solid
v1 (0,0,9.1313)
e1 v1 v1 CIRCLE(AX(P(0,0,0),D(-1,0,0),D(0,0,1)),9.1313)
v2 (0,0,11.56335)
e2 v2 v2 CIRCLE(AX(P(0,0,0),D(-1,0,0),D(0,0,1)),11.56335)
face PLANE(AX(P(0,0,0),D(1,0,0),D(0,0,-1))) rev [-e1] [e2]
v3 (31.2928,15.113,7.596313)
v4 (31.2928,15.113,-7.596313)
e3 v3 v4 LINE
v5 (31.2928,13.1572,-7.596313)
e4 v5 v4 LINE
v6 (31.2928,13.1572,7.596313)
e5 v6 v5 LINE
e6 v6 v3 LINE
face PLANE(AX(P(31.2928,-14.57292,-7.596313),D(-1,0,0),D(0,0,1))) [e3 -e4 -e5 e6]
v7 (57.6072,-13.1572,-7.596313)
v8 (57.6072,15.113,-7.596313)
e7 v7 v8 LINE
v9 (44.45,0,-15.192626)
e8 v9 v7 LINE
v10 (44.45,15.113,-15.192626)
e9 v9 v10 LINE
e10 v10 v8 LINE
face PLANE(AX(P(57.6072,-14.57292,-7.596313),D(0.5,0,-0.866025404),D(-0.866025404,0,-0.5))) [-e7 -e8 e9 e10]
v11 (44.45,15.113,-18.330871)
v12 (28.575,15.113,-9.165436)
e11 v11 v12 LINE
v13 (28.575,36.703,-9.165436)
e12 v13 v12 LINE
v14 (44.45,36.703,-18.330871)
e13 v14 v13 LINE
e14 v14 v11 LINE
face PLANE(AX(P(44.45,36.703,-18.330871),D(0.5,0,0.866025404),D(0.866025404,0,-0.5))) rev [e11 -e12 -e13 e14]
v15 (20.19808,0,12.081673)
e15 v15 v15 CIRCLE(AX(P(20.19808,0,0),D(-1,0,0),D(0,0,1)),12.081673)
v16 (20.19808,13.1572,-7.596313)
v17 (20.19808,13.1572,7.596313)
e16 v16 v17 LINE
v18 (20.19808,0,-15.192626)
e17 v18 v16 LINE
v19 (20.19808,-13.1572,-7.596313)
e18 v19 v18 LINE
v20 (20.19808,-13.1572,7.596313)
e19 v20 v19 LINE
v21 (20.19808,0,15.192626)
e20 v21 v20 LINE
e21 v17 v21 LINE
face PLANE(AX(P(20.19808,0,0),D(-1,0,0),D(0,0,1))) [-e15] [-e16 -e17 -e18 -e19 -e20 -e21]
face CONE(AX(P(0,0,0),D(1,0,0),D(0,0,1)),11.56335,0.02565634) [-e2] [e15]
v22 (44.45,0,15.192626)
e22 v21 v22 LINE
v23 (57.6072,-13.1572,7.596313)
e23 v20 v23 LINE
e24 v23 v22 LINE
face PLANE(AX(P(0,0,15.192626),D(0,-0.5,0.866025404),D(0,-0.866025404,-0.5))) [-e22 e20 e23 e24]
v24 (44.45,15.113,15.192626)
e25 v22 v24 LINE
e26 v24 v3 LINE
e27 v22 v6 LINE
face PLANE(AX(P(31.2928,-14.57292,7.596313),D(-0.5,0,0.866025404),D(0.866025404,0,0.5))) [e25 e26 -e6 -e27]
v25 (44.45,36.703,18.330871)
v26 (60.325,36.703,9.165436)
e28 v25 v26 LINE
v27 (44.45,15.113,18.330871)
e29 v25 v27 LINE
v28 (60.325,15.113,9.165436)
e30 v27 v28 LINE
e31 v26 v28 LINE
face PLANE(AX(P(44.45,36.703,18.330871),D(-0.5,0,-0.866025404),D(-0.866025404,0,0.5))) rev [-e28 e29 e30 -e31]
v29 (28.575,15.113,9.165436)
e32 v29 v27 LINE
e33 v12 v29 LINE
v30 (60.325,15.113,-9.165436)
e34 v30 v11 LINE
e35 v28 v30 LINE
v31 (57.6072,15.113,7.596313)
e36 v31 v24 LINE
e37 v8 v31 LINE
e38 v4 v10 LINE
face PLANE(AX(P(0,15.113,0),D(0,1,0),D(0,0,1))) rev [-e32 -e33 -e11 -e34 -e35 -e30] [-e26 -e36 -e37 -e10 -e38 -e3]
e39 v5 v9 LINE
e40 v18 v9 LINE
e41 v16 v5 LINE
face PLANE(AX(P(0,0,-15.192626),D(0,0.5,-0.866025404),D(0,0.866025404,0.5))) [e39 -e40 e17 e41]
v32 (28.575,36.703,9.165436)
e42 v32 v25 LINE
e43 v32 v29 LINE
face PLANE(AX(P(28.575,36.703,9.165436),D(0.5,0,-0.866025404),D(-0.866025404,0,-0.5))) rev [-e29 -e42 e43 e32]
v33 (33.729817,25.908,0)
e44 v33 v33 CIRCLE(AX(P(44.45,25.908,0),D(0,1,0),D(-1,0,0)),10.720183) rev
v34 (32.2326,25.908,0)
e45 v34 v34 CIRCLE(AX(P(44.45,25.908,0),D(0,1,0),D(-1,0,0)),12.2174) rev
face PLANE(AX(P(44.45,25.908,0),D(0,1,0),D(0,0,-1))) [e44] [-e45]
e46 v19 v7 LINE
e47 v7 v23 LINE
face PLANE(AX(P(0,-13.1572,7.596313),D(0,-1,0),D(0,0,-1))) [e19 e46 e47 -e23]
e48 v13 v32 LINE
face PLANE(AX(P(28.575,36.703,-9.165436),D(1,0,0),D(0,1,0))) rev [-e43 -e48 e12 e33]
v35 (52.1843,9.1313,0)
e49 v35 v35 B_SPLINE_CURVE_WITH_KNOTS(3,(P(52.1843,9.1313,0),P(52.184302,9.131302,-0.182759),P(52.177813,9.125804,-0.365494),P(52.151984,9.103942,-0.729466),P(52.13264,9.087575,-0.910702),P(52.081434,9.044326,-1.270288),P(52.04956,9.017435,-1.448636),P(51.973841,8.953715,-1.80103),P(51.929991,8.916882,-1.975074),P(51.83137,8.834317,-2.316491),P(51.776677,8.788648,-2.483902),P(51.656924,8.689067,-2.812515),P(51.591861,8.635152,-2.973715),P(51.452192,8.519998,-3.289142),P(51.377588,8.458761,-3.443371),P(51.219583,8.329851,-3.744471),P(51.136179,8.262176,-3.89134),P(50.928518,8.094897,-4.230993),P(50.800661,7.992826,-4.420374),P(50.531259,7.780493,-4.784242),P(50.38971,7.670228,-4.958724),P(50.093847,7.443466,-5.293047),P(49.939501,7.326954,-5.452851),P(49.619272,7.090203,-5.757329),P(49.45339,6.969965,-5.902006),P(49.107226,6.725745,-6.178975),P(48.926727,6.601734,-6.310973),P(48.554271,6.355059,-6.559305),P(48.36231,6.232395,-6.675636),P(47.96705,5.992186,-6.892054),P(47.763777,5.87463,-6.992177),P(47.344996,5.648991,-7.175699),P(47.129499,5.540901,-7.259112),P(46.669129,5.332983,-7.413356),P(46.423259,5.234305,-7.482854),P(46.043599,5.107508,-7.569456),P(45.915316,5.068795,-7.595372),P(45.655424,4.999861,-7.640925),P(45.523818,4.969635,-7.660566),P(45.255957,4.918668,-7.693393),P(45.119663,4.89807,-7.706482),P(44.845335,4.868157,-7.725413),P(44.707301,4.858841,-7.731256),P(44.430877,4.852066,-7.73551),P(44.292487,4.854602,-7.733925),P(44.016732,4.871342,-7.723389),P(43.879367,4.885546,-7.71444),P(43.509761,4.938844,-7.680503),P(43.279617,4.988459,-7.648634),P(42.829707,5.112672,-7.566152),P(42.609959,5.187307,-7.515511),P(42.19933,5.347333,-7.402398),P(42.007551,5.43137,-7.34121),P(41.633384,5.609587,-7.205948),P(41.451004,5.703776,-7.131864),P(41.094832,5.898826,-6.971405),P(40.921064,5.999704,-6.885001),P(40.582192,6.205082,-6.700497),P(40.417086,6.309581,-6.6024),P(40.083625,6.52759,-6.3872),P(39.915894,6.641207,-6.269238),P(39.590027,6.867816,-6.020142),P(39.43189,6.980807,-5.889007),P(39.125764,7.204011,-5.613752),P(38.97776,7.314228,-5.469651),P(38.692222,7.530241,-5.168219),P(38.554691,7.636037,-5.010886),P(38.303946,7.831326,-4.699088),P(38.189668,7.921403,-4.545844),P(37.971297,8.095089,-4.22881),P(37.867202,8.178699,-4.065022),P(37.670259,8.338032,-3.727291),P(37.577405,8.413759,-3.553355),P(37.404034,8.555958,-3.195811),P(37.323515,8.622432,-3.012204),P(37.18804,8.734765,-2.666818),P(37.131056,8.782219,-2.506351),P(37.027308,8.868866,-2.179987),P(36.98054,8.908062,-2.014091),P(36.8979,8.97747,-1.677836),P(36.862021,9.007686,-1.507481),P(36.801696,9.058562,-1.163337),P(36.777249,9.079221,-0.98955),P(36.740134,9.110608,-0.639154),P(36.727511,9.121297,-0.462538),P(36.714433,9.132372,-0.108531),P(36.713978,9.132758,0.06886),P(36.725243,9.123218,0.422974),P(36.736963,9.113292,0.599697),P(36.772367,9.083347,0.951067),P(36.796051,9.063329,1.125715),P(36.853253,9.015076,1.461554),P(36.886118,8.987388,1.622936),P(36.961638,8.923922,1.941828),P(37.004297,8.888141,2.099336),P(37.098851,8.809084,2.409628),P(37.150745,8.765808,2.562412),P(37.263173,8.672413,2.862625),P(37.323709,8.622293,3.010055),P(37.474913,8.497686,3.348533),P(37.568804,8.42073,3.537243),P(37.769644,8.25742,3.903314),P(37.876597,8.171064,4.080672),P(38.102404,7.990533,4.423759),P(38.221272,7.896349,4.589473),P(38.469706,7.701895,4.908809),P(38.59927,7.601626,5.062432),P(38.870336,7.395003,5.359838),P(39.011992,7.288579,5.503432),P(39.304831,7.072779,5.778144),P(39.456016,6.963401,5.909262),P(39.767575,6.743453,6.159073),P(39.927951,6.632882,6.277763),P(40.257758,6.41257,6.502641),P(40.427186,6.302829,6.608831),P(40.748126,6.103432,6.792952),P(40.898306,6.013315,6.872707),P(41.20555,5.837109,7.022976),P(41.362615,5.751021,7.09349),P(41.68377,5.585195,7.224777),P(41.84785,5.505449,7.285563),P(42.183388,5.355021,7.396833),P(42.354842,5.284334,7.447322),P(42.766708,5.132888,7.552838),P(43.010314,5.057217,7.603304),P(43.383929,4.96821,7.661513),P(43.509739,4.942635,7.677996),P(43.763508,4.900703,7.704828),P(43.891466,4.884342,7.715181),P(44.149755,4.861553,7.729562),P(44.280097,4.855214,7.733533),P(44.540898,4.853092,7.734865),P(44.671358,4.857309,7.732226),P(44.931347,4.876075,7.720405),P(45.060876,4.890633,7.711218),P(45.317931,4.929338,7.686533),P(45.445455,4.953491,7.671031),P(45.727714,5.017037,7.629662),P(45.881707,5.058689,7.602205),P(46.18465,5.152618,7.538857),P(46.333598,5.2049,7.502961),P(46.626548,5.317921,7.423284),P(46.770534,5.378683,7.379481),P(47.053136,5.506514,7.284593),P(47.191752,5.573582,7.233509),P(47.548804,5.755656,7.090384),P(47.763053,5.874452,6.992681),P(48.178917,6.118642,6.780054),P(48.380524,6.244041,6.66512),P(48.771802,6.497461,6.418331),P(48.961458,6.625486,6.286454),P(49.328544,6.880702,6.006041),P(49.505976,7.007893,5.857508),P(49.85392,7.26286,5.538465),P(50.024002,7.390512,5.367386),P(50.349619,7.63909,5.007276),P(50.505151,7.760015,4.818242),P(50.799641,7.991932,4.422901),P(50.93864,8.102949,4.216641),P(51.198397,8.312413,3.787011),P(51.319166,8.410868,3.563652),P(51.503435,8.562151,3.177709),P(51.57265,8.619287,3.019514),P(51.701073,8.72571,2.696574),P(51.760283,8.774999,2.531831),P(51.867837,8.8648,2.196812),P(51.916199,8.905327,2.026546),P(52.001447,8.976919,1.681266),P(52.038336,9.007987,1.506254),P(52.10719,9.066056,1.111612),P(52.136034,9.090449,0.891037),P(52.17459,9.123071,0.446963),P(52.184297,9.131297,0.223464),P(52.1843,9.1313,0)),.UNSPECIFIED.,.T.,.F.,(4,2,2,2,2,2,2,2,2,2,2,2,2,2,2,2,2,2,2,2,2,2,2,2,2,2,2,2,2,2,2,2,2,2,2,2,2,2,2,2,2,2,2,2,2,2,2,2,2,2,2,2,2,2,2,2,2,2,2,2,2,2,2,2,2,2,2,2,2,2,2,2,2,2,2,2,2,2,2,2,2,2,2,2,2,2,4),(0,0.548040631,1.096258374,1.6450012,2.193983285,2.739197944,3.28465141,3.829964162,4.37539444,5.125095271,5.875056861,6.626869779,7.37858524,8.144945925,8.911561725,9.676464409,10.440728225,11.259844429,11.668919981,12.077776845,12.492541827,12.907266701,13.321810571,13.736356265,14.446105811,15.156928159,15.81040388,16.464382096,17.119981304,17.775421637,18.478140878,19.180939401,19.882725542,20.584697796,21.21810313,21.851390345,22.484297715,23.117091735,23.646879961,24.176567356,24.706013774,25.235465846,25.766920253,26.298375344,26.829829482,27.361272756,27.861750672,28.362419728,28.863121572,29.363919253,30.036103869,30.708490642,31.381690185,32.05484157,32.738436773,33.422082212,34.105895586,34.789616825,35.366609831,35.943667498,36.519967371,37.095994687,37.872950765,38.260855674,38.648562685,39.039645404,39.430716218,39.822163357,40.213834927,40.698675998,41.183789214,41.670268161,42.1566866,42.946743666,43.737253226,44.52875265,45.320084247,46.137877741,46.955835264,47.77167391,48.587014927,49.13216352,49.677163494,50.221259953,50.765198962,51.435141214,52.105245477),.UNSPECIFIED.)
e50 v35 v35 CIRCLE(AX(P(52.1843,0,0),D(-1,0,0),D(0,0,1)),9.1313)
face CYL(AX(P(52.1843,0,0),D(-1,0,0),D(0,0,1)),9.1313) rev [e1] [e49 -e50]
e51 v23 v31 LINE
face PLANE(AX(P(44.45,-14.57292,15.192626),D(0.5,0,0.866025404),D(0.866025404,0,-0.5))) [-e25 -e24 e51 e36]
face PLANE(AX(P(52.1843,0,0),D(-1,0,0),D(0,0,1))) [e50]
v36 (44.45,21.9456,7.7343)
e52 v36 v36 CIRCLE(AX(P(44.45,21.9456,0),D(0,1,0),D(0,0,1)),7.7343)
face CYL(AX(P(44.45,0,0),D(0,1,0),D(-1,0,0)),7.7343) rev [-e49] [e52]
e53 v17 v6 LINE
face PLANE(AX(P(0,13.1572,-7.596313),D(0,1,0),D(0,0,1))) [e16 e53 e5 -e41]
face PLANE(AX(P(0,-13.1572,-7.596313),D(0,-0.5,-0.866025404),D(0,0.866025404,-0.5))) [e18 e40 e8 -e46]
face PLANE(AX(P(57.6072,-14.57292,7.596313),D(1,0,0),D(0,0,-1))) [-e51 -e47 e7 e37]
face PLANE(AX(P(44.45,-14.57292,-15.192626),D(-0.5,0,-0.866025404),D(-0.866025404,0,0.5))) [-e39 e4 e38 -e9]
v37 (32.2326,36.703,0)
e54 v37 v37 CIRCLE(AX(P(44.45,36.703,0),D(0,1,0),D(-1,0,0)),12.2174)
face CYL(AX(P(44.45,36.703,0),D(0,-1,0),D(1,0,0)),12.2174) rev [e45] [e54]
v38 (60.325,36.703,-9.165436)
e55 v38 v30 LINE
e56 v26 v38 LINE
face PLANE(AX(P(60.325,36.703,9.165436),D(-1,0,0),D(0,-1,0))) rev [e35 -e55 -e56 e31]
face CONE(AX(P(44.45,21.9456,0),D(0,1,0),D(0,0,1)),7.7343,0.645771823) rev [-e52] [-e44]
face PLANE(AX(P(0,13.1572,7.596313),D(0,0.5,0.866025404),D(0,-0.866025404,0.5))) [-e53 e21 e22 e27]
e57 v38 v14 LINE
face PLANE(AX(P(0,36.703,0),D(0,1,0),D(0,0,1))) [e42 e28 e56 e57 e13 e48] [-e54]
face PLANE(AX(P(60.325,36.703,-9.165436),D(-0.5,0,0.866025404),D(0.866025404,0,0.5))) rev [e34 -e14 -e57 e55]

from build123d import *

# Parameters (mm, degrees)
SKETCH3_R           = 9.1313
CUT_EXTRUDE1_DEPTH  = 52.1843
SKETCH4_R           = 7.7343
CUT_EXTRUDE2_DEPTH  = 25.908
CHAMFER1_SIZE       = 3.9624
CHAMFER1_SIZE2      = 2.985882568
SKETCH5_R           = 11.56335
CUT_EXTRUDE3_DEPTH  = 20.19808
CUT_EXTRUDE3_TAPER  = 1.47
SKETCH6_R           = 12.081672541
CUT_EXTRUDE4_DEPTH  = 20.19808
SKETCH7_R           = 12.2174
BOSS_EXTRUDE1_DEPTH = 10.795


with BuildPart() as part:
    # Sweep1: sweep along a path in Sketch1
    with BuildLine(Plane.XY) as sweep1_path:
        Line((0, 0), (44.45, 0))
        Line((44.45, 0), (44.45, 25.908))
    # Sketch2 → Sweep1 (sweep)
    with BuildSketch(Plane(origin=(0, 0, 0), x_dir=(0, 0, -1), z_dir=(1, 0, 0))):
        Polygon((7.596312962, 13.1572), (-7.596312962, 13.1572), (-15.192625924, 0), (-7.596312962, -13.1572), (7.596312962, -13.1572), (15.192625924, 0), align=None)
    sweep(path=sweep1_path.line, transition=Transition.RIGHT)

    # Sketch3 → Cut-Extrude1 (cut)
    with BuildSketch(Plane.ZY):
        Circle(SKETCH3_R)
    extrude(amount=-CUT_EXTRUDE1_DEPTH, mode=Mode.SUBTRACT)

    # Sketch4 → Cut-Extrude2 (cut)
    with BuildSketch(Plane(origin=(0, 25.908, 0), x_dir=(1, 0, 0), z_dir=(0, 1, 0))):
        with Locations((44.45, 0)):
            Circle(SKETCH4_R)
    extrude(amount=-CUT_EXTRUDE2_DEPTH, mode=Mode.SUBTRACT)

    # Chamfer1
    chamfer1_edges = [part.edges().sort_by_distance(p)[0] for p in [
        (36.7157, 25.908, 0),
    ]]
    chamfer1_side = [part.faces().sort_by_distance(p)[0] for p in [
        (36.7157, 15.380996251, 0),
    ]]
    chamfer(chamfer1_edges, length=CHAMFER1_SIZE, length2=CHAMFER1_SIZE2, reference=chamfer1_side[0])

    # Sketch5 → Cut-Extrude3 (cut)
    with BuildSketch(Plane.ZY):
        Polygon((-7.596312962, 13.1572), (-15.192625924, 0), (-7.596312962, -13.1572), (7.596312962, -13.1572), (15.192625924, 0), (7.596312962, 13.1572), align=None)
        Circle(SKETCH5_R, mode=Mode.SUBTRACT)
    extrude(amount=-CUT_EXTRUDE3_DEPTH, taper=CUT_EXTRUDE3_TAPER, mode=Mode.SUBTRACT)

    # Sketch6 → Cut-Extrude4 (cut)
    with BuildSketch(Plane.ZY):
        Polygon((-15.192625924, 0), (-7.596312962, 13.1572), (7.596312962, 13.1572), (15.192625924, 0), (7.596312962, -13.1572), (-7.596312962, -13.1572), align=None)
        Circle(SKETCH6_R, mode=Mode.SUBTRACT)
    extrude(amount=-CUT_EXTRUDE4_DEPTH, mode=Mode.SUBTRACT)

    # Sketch7 → Boss-Extrude1 (add, symmetric)
    with BuildSketch(Plane(origin=(0, 25.908, 0), x_dir=(1, 0, 0), z_dir=(0, 1, 0))):
        Polygon((44.45, 18.330871047), (28.575, 9.165435523), (28.575, -9.165435523), (44.45, -18.330871047), (60.325, -9.165435523), (60.325, 9.165435523), align=None)
        with Locations((44.45, 0)):
            Circle(SKETCH7_R, mode=Mode.SUBTRACT)
    extrude(amount=BOSS_EXTRUDE1_DEPTH, both=True)


solid = part.part
